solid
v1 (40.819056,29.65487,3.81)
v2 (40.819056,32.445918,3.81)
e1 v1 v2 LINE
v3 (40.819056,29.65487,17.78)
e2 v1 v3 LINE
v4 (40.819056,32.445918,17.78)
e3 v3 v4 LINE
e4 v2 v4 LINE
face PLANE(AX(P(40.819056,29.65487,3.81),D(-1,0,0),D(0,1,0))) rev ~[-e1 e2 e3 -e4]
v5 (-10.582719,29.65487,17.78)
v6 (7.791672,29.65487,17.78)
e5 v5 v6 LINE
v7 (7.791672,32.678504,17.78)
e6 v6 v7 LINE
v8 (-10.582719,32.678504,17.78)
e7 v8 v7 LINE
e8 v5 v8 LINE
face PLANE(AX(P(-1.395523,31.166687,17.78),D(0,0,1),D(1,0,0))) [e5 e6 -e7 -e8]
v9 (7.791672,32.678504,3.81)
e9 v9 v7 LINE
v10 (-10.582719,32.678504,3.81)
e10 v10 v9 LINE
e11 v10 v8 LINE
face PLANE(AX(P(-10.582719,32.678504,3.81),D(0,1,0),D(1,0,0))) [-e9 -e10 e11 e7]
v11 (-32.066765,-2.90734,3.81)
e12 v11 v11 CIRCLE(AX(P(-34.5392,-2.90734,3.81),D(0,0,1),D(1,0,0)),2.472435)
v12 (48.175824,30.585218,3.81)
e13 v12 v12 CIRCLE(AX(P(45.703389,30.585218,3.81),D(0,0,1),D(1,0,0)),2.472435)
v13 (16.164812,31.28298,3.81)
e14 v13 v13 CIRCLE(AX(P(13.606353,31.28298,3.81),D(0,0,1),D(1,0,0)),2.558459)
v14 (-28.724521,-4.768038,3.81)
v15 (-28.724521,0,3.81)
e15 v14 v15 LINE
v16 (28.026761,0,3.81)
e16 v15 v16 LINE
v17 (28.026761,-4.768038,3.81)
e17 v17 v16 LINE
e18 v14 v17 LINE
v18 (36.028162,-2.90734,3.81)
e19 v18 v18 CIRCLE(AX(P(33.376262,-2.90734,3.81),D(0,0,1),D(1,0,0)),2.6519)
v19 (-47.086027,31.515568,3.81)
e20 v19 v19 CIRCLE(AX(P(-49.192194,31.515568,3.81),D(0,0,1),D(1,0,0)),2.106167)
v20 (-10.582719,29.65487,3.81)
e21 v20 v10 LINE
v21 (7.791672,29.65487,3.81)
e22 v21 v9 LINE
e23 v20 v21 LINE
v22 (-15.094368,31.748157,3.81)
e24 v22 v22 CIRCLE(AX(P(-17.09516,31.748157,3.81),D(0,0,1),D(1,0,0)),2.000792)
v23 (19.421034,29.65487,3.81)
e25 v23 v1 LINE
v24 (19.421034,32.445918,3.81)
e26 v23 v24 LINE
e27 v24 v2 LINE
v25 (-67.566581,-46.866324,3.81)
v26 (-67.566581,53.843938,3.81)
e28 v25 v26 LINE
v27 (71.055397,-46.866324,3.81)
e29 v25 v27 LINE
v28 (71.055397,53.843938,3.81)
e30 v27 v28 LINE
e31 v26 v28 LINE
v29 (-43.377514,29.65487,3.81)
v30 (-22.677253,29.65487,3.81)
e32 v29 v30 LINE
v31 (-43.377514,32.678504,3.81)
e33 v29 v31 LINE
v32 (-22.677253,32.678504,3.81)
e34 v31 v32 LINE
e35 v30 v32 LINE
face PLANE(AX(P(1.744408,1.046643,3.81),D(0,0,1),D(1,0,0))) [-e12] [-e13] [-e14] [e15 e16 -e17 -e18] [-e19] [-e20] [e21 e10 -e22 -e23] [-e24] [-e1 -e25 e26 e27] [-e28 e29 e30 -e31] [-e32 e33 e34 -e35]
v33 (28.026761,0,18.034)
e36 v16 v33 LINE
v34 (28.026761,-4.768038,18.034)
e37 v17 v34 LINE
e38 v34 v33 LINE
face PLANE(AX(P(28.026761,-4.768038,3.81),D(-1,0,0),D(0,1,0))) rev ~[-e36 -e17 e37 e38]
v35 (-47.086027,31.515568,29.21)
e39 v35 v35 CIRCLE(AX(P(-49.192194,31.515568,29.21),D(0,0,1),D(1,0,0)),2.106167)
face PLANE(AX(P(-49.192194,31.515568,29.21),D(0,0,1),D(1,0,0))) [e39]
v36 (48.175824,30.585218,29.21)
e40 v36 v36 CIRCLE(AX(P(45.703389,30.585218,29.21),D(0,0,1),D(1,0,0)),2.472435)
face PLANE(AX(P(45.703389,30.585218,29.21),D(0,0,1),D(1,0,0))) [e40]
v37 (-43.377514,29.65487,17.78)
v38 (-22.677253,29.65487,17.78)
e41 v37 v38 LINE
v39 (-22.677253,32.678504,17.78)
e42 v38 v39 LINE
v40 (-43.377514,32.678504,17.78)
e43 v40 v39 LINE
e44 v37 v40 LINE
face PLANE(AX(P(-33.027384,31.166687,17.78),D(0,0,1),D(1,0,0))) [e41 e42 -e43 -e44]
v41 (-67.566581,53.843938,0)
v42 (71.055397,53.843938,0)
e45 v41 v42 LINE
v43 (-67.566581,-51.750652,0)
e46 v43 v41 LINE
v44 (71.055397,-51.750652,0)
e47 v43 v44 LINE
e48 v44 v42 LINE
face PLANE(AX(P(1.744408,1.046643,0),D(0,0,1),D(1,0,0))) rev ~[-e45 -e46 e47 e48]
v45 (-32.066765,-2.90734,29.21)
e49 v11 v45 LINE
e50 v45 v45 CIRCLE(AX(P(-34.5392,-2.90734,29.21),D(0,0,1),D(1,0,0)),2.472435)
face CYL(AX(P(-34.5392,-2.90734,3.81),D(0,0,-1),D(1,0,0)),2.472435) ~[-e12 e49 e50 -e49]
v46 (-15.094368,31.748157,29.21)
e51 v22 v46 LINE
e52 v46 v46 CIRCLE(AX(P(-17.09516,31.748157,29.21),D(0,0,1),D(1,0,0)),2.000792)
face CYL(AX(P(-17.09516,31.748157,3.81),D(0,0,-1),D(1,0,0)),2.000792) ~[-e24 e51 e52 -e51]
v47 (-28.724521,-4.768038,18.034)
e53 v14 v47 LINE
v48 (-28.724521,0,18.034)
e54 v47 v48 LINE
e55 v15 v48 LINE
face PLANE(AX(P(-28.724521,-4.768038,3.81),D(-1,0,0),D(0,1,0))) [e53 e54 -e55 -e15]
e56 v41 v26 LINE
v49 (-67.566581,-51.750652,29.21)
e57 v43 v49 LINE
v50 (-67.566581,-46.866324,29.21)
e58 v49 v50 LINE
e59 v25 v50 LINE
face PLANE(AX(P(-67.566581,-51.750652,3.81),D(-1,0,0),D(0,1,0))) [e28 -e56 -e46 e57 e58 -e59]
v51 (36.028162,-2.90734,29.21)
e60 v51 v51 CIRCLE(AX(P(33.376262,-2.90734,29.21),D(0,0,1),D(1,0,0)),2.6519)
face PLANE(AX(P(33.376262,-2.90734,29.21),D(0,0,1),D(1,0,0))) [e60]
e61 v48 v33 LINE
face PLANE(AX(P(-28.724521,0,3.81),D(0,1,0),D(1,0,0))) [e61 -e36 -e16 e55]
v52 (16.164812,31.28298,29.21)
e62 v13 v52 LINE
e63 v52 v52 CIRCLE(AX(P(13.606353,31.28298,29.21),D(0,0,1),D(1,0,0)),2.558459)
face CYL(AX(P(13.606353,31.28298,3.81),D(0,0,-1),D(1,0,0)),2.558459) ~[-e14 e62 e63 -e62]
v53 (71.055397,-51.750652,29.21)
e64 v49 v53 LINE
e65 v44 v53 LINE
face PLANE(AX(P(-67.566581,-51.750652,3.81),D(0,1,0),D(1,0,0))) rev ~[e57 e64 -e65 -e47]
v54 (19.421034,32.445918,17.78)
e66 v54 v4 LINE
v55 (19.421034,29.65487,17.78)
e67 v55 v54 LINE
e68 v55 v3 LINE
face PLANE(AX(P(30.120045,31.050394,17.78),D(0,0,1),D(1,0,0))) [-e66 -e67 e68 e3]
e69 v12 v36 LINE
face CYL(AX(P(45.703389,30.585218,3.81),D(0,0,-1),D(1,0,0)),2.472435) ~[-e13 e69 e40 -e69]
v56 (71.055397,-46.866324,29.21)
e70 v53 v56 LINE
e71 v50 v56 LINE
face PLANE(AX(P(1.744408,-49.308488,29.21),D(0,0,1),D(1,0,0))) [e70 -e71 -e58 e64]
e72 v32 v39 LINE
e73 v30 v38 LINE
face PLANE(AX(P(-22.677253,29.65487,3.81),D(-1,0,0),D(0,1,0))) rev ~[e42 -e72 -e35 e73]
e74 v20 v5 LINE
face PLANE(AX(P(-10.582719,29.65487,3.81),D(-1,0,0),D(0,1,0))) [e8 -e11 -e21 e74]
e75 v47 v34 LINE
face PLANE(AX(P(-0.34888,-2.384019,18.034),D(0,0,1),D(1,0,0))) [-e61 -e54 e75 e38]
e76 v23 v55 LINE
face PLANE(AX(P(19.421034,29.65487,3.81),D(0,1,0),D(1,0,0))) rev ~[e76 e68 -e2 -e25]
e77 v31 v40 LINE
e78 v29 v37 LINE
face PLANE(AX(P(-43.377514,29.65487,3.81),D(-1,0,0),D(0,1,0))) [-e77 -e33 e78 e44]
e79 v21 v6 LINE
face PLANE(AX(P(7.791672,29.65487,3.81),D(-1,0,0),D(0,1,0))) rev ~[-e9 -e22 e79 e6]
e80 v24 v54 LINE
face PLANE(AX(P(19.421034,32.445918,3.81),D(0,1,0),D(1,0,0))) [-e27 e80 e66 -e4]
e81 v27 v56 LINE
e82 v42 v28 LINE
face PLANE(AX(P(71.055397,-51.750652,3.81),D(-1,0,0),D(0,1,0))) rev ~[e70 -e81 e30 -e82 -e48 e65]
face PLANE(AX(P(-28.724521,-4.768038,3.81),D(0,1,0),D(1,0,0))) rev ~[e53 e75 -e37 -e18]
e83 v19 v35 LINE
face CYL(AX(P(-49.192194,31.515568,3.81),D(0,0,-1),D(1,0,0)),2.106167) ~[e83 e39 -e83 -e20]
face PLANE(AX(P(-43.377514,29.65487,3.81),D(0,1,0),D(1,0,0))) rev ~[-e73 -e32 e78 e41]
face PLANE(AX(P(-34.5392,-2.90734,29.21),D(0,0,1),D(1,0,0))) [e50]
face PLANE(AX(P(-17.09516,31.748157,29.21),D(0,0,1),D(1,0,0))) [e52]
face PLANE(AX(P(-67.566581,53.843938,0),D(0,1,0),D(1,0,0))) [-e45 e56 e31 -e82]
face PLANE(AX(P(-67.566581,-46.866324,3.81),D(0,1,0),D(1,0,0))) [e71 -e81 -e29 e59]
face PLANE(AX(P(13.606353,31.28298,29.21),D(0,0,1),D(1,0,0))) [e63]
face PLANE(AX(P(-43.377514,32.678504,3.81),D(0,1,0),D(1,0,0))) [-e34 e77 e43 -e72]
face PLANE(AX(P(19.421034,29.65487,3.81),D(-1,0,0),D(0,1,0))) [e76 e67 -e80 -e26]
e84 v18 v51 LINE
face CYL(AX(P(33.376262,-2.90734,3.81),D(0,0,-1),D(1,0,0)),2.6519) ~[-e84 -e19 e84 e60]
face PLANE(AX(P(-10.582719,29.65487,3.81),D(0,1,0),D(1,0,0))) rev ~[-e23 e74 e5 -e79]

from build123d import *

# Parameters (mm, degrees)
F0_W      = 138.621978
F0_H      = 105.59459
F1_DEPTH  = 3.81
F2_R      = 2.106167
F3_DEPTH  = 25.4
F4_R      = 2.000792
F5_DEPTH  = 25.4
F6_R      = 2.558459
F7_DEPTH  = 25.4
F8_R      = 2.472435
F9_DEPTH  = 25.4
F10_W     = 138.621978
F10_H     = 4.884328
F11_DEPTH = 25.4
F12_R     = 2.472435
F13_DEPTH = 25.4
F14_R     = 2.6519
F15_DEPTH = 25.4
F16_W     = 20.700261
F16_H     = 3.023634
F16_W_2   = 18.374391
F16_W_3   = 21.398022
F16_H_2   = 2.791049
F17_DEPTH = 13.97
F18_W     = 56.751281
F18_H     = 4.768038
F19_DEPTH = 14.224


with BuildPart() as f1:
    # F0 (on Top) → F1 (new body)
    with BuildSketch(Plane.XY):
        with Locations((1.744408, 1.046643)):
            Rectangle(F0_W, F0_H)
    extrude(amount=F1_DEPTH)

    # F2 (on face) → F3 (join)
    with BuildSketch(Plane.XY.offset(3.81)):
        with Locations((-49.192194, 31.515568)):
            Circle(F2_R)
    extrude(amount=F3_DEPTH)

    # F4 (on face) → F5 (join)
    with BuildSketch(Plane.XY.offset(3.81)):
        with Locations((-17.09516, 31.748157)):
            Circle(F4_R)
    extrude(amount=F5_DEPTH)

    # F6 (on face) → F7 (join)
    with BuildSketch(Plane.XY.offset(3.81)):
        with Locations((13.606353, 31.28298)):
            Circle(F6_R)
    extrude(amount=F7_DEPTH)

    # F8 (on face) → F9 (join)
    with BuildSketch(Plane.XY.offset(3.81)):
        with Locations((45.703389, 30.585218)):
            Circle(F8_R)
    extrude(amount=F9_DEPTH)

    # F10 (on face) → F11 (join)
    with BuildSketch(Plane.XY.offset(3.81)):
        with Locations((1.744408, -49.308488)):
            Rectangle(F10_W, F10_H)
    extrude(amount=F11_DEPTH)

    # F12 (on face) → F13 (join)
    with BuildSketch(Plane.XY.offset(3.81)):
        with Locations((-34.5392, -2.90734)):
            Circle(F12_R)
    extrude(amount=F13_DEPTH)

    # F14 (on face) → F15 (join)
    with BuildSketch(Plane.XY.offset(3.81)):
        with Locations((33.376262, -2.90734)):
            Circle(F14_R)
    extrude(amount=F15_DEPTH)

    # F16 (on face) → F17 (join)
    with BuildSketch(Plane.XY.offset(3.81)):
        with Locations((-33.027384, 31.166687)):
            Rectangle(F16_W, F16_H)
        with Locations((-1.395523, 31.166687)):
            Rectangle(F16_W_2, F16_H)
        with Locations((30.120045, 31.050394)):
            Rectangle(F16_W_3, F16_H_2)
    extrude(amount=F17_DEPTH)

    # F18 (on face) → F19 (join)
    with BuildSketch(Plane.XY.offset(3.81)):
        with Locations((-0.34888, -2.384019)):
            Rectangle(F18_W, F18_H)
    extrude(amount=F19_DEPTH)


solid = f1.part
